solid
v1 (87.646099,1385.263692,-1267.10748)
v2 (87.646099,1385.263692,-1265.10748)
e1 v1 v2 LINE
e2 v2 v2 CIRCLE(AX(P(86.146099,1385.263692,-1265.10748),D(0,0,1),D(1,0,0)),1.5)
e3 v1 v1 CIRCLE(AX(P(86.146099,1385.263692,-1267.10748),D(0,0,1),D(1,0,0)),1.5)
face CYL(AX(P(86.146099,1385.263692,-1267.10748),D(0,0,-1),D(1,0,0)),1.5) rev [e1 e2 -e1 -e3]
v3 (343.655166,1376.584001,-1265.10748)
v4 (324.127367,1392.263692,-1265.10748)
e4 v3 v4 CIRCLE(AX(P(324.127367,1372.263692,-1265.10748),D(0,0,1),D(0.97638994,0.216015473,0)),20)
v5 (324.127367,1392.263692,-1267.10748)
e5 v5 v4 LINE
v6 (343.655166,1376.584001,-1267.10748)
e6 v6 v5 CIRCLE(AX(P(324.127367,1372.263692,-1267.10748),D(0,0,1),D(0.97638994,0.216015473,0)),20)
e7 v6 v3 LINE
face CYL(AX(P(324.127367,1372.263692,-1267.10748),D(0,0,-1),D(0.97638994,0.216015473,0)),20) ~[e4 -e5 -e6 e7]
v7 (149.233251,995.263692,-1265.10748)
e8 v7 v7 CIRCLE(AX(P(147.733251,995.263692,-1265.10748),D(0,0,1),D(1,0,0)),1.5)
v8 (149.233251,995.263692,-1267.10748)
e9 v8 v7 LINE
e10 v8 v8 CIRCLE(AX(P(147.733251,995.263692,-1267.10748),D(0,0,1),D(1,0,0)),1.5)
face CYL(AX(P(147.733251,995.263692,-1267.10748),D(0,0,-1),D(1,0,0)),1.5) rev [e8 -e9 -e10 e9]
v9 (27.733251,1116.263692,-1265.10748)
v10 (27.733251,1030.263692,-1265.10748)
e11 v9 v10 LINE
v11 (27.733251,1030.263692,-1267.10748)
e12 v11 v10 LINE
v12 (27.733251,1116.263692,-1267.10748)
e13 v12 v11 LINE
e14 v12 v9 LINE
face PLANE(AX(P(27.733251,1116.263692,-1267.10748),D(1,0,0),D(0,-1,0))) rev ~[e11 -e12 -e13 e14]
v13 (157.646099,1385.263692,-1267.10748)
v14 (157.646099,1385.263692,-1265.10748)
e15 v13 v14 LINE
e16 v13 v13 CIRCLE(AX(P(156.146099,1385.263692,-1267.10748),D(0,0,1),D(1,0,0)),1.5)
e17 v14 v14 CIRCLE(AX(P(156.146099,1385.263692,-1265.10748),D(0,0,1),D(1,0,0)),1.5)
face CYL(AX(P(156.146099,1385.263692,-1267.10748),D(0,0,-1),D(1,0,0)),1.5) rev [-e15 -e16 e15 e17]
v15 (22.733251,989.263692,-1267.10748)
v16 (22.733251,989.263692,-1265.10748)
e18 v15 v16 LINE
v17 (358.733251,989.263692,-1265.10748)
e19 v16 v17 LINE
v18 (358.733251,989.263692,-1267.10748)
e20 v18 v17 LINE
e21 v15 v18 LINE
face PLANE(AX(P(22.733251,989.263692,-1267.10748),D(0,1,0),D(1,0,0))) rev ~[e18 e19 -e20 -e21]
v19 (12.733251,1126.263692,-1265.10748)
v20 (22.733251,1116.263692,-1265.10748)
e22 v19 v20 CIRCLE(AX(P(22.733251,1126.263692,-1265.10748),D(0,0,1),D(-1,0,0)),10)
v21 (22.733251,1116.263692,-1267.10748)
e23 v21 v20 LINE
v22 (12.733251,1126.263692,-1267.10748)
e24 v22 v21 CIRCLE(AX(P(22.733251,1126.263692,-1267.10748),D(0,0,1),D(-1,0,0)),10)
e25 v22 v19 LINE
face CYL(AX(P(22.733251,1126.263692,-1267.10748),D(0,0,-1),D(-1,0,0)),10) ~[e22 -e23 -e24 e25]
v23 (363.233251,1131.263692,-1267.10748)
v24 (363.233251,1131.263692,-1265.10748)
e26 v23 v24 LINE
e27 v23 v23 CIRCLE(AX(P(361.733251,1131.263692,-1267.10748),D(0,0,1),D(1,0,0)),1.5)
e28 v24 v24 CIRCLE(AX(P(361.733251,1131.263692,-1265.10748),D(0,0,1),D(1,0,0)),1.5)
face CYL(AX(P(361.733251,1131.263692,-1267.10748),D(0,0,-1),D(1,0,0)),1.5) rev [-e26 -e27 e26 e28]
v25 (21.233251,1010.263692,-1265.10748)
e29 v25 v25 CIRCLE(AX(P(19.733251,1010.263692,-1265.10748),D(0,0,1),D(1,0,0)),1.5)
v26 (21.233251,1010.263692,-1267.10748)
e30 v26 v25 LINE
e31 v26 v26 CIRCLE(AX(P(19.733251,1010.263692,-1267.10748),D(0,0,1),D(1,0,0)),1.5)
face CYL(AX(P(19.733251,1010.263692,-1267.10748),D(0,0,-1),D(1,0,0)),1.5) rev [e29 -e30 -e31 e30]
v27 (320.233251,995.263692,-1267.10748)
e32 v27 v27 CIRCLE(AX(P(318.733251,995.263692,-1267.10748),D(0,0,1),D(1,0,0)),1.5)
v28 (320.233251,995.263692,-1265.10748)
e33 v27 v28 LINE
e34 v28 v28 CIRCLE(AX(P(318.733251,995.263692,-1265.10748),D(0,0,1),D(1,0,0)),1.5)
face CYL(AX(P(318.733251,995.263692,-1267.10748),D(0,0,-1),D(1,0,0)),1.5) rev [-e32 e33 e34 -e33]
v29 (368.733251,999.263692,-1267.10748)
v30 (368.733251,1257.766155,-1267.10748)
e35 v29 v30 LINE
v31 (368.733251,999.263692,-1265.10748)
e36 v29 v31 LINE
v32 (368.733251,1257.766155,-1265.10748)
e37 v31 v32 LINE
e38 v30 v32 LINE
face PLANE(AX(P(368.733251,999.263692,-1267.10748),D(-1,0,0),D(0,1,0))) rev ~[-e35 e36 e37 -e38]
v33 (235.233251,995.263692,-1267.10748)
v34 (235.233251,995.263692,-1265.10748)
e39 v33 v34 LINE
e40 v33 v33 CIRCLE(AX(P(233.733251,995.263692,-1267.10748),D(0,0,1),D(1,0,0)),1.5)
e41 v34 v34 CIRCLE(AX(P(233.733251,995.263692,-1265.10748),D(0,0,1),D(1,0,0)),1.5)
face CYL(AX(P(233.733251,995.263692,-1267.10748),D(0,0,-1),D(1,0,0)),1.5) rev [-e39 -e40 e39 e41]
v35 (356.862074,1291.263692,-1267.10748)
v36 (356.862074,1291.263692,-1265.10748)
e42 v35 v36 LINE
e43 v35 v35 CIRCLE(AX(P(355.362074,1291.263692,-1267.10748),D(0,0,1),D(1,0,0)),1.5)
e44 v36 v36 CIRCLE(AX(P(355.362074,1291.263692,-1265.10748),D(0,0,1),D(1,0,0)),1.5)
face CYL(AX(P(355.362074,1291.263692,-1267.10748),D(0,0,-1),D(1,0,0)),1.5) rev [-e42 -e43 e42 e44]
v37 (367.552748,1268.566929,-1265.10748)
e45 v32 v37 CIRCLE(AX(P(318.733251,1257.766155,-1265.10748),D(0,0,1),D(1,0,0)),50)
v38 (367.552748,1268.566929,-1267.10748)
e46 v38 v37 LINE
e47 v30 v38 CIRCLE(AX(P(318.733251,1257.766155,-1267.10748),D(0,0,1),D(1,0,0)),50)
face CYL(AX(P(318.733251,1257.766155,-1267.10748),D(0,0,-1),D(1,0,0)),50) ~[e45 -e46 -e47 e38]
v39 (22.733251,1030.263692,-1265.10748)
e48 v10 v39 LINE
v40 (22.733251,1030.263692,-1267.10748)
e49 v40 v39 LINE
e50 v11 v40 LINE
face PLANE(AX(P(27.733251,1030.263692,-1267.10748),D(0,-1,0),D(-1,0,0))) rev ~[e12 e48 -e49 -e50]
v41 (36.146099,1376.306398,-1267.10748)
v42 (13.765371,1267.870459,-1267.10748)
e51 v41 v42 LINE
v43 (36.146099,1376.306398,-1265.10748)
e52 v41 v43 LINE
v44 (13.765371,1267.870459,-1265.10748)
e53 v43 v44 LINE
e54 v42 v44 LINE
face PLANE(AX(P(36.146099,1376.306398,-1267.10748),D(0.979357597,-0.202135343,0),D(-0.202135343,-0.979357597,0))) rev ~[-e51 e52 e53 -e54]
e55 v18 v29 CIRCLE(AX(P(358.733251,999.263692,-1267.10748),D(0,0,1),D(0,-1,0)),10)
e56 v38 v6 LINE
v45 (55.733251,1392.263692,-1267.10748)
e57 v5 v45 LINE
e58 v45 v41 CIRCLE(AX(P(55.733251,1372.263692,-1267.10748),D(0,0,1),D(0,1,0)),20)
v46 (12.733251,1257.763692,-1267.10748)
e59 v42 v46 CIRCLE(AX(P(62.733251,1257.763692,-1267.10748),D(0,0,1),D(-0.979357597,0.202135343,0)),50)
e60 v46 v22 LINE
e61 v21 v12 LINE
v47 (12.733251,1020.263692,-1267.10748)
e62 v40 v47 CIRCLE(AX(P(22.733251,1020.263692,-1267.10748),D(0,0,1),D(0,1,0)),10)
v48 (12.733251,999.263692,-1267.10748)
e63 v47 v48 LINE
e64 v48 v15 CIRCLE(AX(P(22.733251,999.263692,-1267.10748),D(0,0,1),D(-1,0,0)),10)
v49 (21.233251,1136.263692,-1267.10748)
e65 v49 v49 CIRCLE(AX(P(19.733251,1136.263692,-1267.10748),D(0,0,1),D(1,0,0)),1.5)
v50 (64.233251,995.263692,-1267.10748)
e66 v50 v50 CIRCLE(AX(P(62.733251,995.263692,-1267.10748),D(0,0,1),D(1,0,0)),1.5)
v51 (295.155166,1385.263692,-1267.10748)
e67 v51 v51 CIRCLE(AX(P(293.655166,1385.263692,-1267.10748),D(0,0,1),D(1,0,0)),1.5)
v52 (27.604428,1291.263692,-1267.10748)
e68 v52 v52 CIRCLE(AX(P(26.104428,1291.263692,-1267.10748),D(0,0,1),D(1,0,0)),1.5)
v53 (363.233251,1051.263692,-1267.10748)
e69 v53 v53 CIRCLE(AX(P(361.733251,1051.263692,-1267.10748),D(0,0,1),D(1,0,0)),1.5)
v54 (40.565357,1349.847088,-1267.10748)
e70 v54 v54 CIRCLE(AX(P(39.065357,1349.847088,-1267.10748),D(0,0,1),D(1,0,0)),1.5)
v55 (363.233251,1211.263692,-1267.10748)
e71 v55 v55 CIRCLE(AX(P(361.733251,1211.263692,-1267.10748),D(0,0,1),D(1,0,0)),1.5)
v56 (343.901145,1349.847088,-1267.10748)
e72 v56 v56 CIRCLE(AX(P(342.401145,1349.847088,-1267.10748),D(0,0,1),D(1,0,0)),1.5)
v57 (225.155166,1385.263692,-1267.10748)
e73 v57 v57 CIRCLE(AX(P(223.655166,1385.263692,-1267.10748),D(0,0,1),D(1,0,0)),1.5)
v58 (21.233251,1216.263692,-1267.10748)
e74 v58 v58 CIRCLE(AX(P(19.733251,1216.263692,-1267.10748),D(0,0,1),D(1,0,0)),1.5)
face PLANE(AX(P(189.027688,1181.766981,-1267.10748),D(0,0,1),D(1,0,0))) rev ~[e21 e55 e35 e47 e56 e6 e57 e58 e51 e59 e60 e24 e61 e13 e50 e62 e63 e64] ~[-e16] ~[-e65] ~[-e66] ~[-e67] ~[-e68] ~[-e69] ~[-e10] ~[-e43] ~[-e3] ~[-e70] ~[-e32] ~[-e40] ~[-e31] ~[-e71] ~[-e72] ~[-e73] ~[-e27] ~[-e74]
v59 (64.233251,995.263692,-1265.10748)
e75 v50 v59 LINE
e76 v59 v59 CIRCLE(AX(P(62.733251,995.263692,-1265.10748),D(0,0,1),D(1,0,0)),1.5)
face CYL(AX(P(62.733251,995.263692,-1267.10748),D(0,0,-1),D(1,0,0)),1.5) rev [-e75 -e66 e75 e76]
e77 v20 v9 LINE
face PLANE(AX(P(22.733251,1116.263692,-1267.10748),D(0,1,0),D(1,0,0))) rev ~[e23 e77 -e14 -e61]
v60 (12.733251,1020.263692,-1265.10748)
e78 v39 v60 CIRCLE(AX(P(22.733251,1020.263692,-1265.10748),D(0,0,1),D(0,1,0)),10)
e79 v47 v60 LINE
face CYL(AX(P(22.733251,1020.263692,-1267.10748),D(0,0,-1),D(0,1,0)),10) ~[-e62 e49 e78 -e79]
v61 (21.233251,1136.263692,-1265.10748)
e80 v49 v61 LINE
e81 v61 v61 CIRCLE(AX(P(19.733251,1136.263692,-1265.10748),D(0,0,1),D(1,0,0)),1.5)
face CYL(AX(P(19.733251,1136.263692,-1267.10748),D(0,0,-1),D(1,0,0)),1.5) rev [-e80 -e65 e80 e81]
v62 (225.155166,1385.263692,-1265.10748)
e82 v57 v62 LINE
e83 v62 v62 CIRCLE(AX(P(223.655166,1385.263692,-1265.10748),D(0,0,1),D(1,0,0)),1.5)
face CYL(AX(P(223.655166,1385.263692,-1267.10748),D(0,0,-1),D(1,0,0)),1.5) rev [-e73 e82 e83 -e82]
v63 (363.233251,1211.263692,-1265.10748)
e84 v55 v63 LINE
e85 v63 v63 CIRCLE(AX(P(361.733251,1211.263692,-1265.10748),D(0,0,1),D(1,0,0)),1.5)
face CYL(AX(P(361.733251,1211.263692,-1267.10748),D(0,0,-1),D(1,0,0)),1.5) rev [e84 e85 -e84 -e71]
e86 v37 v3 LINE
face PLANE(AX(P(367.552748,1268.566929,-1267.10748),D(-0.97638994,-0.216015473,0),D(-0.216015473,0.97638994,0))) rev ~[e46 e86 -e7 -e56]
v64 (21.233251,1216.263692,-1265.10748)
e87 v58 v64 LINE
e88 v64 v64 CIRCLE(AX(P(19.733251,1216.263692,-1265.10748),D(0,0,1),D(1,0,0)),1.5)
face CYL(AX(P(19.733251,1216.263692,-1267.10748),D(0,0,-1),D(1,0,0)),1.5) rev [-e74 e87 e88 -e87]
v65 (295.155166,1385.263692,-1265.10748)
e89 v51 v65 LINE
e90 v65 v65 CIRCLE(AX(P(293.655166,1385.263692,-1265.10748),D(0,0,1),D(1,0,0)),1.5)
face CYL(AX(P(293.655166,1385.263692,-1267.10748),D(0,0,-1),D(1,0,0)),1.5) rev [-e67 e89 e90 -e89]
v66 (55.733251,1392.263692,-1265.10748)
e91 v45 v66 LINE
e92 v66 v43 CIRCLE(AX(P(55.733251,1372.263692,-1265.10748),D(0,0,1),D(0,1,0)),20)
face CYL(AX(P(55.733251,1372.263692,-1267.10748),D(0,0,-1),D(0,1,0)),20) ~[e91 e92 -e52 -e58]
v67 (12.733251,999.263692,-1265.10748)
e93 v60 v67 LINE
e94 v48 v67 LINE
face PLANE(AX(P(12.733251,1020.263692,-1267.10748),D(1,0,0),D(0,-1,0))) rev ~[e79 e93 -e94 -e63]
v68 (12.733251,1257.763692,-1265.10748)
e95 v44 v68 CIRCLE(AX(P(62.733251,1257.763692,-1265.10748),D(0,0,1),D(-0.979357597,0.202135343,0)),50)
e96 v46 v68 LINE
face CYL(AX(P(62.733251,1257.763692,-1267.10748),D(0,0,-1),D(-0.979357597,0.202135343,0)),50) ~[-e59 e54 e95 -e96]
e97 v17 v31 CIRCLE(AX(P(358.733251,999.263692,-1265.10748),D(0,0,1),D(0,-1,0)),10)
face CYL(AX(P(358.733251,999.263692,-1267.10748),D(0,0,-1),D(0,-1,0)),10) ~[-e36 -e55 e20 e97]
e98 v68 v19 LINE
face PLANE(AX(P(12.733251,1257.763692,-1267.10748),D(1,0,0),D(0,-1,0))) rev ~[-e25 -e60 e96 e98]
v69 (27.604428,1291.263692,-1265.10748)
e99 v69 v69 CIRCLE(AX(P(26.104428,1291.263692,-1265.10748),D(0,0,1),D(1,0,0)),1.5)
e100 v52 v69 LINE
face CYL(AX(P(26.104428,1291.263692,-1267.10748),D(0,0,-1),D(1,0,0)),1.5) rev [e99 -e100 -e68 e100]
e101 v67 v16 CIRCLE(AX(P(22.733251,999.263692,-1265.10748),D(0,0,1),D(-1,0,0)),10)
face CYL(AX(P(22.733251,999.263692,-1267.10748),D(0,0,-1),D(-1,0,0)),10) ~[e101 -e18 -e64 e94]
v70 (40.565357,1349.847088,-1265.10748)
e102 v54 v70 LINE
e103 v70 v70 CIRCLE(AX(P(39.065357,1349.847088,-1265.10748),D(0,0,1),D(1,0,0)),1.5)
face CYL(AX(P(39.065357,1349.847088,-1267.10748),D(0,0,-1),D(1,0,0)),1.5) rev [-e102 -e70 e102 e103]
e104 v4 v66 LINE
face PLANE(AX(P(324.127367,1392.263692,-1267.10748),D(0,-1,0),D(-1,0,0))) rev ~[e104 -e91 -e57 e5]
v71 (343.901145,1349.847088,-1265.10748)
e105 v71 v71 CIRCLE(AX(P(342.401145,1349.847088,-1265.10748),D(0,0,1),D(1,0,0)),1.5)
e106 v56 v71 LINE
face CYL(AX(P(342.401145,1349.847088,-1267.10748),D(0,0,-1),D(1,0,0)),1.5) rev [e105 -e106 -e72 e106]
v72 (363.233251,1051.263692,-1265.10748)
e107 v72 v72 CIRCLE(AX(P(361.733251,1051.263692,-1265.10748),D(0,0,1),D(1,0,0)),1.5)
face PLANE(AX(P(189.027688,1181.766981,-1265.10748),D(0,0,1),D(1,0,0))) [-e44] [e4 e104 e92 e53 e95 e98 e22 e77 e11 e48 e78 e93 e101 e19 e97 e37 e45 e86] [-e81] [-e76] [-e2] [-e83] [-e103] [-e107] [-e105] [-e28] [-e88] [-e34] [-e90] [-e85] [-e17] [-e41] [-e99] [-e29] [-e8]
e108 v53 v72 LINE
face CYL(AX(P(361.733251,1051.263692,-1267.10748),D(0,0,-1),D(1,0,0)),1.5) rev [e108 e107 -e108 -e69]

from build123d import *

# Parameters (mm, degrees)
SKETCH1_R           = 1.5
BOSS_EXTRUDE1_DEPTH = 2


with BuildPart() as part:
    # Sketch1 → Boss-Extrude1 (new body)
    with BuildSketch(Plane.XY.offset(-1267.107479839)):
        with BuildLine():
            Line((36.146099055, 1376.306398419), (13.765371143, 1267.870458722))
            ThreePointArc((13.765371143, 1267.870458722), (12.991950286, 1262.843357254), (12.733250996, 1257.763691551))
            Line((12.733250996, 1257.763691551), (12.733250996, 1126.263691551))
            ThreePointArc((12.733250996, 1126.263691551), (15.662183185, 1119.192623739), (22.733250996, 1116.263691551))
            Line((22.733250996, 1116.263691551), (27.733250996, 1116.263691551))
            Line((27.733250996, 1116.263691551), (27.733250996, 1030.263691551))
            Line((27.733250996, 1030.263691551), (22.733250996, 1030.263691551))
            ThreePointArc((22.733250996, 1030.263691551), (15.662183185, 1027.334759363), (12.733250996, 1020.263691551))
            Line((12.733250996, 1020.263691551), (12.733250996, 999.263691551))
            ThreePointArc((12.733250996, 999.263691551), (15.662183185, 992.192623739), (22.733250996, 989.263691551))
            Line((22.733250996, 989.263691551), (358.733250996, 989.263691551))
            ThreePointArc((358.733250996, 989.263691551), (365.804318808, 992.192623739), (368.733250996, 999.263691551))
            Line((368.733250996, 999.263691551), (368.733250996, 1257.766155457))
            ThreePointArc((368.733250996, 1257.766155457), (368.437249077, 1263.198703185), (367.552748004, 1268.566929131))
            Line((367.552748004, 1268.566929131), (343.655165727, 1376.584001021))
            ThreePointArc((343.655165727, 1376.584001021), (336.649224027, 1387.858661724), (324.127366924, 1392.263691551))
            Line((324.127366924, 1392.263691551), (55.733250996, 1392.263691551))
            ThreePointArc((55.733250996, 1392.263691551), (43.101033008, 1387.769402392), (36.146099055, 1376.306398419))
        make_face()
        with Locations((19.733250996, 1010.263691551)):
            Circle(SKETCH1_R, mode=Mode.SUBTRACT)
        with Locations((62.733250996, 995.263691551)):
            Circle(SKETCH1_R, mode=Mode.SUBTRACT)
        with Locations((147.733250996, 995.263691551)):
            Circle(SKETCH1_R, mode=Mode.SUBTRACT)
        with Locations((233.733250996, 995.263691551)):
            Circle(SKETCH1_R, mode=Mode.SUBTRACT)
        with Locations((318.733250996, 995.263691551)):
            Circle(SKETCH1_R, mode=Mode.SUBTRACT)
        with Locations((361.733250996, 1051.263691551)):
            Circle(SKETCH1_R, mode=Mode.SUBTRACT)
        with Locations((361.733250996, 1131.263691551)):
            Circle(SKETCH1_R, mode=Mode.SUBTRACT)
        with Locations((361.733250996, 1211.263691551)):
            Circle(SKETCH1_R, mode=Mode.SUBTRACT)
        with Locations((355.36207357, 1291.263691551)):
            Circle(SKETCH1_R, mode=Mode.SUBTRACT)
        with Locations((342.401145161, 1349.84708796)):
            Circle(SKETCH1_R, mode=Mode.SUBTRACT)
        with Locations((293.655165727, 1385.263691551)):
            Circle(SKETCH1_R, mode=Mode.SUBTRACT)
        with Locations((223.655165727, 1385.263691551)):
            Circle(SKETCH1_R, mode=Mode.SUBTRACT)
        with Locations((156.146099055, 1385.263691551)):
            Circle(SKETCH1_R, mode=Mode.SUBTRACT)
        with Locations((86.146099055, 1385.263691551)):
            Circle(SKETCH1_R, mode=Mode.SUBTRACT)
        with Locations((39.065356832, 1349.84708796)):
            Circle(SKETCH1_R, mode=Mode.SUBTRACT)
        with Locations((26.104428423, 1291.263691551)):
            Circle(SKETCH1_R, mode=Mode.SUBTRACT)
        with Locations((19.733250996, 1216.263691551)):
            Circle(SKETCH1_R, mode=Mode.SUBTRACT)
        with Locations((19.733250996, 1136.263691551)):
            Circle(SKETCH1_R, mode=Mode.SUBTRACT)
    extrude(amount=BOSS_EXTRUDE1_DEPTH)


solid = part.part
